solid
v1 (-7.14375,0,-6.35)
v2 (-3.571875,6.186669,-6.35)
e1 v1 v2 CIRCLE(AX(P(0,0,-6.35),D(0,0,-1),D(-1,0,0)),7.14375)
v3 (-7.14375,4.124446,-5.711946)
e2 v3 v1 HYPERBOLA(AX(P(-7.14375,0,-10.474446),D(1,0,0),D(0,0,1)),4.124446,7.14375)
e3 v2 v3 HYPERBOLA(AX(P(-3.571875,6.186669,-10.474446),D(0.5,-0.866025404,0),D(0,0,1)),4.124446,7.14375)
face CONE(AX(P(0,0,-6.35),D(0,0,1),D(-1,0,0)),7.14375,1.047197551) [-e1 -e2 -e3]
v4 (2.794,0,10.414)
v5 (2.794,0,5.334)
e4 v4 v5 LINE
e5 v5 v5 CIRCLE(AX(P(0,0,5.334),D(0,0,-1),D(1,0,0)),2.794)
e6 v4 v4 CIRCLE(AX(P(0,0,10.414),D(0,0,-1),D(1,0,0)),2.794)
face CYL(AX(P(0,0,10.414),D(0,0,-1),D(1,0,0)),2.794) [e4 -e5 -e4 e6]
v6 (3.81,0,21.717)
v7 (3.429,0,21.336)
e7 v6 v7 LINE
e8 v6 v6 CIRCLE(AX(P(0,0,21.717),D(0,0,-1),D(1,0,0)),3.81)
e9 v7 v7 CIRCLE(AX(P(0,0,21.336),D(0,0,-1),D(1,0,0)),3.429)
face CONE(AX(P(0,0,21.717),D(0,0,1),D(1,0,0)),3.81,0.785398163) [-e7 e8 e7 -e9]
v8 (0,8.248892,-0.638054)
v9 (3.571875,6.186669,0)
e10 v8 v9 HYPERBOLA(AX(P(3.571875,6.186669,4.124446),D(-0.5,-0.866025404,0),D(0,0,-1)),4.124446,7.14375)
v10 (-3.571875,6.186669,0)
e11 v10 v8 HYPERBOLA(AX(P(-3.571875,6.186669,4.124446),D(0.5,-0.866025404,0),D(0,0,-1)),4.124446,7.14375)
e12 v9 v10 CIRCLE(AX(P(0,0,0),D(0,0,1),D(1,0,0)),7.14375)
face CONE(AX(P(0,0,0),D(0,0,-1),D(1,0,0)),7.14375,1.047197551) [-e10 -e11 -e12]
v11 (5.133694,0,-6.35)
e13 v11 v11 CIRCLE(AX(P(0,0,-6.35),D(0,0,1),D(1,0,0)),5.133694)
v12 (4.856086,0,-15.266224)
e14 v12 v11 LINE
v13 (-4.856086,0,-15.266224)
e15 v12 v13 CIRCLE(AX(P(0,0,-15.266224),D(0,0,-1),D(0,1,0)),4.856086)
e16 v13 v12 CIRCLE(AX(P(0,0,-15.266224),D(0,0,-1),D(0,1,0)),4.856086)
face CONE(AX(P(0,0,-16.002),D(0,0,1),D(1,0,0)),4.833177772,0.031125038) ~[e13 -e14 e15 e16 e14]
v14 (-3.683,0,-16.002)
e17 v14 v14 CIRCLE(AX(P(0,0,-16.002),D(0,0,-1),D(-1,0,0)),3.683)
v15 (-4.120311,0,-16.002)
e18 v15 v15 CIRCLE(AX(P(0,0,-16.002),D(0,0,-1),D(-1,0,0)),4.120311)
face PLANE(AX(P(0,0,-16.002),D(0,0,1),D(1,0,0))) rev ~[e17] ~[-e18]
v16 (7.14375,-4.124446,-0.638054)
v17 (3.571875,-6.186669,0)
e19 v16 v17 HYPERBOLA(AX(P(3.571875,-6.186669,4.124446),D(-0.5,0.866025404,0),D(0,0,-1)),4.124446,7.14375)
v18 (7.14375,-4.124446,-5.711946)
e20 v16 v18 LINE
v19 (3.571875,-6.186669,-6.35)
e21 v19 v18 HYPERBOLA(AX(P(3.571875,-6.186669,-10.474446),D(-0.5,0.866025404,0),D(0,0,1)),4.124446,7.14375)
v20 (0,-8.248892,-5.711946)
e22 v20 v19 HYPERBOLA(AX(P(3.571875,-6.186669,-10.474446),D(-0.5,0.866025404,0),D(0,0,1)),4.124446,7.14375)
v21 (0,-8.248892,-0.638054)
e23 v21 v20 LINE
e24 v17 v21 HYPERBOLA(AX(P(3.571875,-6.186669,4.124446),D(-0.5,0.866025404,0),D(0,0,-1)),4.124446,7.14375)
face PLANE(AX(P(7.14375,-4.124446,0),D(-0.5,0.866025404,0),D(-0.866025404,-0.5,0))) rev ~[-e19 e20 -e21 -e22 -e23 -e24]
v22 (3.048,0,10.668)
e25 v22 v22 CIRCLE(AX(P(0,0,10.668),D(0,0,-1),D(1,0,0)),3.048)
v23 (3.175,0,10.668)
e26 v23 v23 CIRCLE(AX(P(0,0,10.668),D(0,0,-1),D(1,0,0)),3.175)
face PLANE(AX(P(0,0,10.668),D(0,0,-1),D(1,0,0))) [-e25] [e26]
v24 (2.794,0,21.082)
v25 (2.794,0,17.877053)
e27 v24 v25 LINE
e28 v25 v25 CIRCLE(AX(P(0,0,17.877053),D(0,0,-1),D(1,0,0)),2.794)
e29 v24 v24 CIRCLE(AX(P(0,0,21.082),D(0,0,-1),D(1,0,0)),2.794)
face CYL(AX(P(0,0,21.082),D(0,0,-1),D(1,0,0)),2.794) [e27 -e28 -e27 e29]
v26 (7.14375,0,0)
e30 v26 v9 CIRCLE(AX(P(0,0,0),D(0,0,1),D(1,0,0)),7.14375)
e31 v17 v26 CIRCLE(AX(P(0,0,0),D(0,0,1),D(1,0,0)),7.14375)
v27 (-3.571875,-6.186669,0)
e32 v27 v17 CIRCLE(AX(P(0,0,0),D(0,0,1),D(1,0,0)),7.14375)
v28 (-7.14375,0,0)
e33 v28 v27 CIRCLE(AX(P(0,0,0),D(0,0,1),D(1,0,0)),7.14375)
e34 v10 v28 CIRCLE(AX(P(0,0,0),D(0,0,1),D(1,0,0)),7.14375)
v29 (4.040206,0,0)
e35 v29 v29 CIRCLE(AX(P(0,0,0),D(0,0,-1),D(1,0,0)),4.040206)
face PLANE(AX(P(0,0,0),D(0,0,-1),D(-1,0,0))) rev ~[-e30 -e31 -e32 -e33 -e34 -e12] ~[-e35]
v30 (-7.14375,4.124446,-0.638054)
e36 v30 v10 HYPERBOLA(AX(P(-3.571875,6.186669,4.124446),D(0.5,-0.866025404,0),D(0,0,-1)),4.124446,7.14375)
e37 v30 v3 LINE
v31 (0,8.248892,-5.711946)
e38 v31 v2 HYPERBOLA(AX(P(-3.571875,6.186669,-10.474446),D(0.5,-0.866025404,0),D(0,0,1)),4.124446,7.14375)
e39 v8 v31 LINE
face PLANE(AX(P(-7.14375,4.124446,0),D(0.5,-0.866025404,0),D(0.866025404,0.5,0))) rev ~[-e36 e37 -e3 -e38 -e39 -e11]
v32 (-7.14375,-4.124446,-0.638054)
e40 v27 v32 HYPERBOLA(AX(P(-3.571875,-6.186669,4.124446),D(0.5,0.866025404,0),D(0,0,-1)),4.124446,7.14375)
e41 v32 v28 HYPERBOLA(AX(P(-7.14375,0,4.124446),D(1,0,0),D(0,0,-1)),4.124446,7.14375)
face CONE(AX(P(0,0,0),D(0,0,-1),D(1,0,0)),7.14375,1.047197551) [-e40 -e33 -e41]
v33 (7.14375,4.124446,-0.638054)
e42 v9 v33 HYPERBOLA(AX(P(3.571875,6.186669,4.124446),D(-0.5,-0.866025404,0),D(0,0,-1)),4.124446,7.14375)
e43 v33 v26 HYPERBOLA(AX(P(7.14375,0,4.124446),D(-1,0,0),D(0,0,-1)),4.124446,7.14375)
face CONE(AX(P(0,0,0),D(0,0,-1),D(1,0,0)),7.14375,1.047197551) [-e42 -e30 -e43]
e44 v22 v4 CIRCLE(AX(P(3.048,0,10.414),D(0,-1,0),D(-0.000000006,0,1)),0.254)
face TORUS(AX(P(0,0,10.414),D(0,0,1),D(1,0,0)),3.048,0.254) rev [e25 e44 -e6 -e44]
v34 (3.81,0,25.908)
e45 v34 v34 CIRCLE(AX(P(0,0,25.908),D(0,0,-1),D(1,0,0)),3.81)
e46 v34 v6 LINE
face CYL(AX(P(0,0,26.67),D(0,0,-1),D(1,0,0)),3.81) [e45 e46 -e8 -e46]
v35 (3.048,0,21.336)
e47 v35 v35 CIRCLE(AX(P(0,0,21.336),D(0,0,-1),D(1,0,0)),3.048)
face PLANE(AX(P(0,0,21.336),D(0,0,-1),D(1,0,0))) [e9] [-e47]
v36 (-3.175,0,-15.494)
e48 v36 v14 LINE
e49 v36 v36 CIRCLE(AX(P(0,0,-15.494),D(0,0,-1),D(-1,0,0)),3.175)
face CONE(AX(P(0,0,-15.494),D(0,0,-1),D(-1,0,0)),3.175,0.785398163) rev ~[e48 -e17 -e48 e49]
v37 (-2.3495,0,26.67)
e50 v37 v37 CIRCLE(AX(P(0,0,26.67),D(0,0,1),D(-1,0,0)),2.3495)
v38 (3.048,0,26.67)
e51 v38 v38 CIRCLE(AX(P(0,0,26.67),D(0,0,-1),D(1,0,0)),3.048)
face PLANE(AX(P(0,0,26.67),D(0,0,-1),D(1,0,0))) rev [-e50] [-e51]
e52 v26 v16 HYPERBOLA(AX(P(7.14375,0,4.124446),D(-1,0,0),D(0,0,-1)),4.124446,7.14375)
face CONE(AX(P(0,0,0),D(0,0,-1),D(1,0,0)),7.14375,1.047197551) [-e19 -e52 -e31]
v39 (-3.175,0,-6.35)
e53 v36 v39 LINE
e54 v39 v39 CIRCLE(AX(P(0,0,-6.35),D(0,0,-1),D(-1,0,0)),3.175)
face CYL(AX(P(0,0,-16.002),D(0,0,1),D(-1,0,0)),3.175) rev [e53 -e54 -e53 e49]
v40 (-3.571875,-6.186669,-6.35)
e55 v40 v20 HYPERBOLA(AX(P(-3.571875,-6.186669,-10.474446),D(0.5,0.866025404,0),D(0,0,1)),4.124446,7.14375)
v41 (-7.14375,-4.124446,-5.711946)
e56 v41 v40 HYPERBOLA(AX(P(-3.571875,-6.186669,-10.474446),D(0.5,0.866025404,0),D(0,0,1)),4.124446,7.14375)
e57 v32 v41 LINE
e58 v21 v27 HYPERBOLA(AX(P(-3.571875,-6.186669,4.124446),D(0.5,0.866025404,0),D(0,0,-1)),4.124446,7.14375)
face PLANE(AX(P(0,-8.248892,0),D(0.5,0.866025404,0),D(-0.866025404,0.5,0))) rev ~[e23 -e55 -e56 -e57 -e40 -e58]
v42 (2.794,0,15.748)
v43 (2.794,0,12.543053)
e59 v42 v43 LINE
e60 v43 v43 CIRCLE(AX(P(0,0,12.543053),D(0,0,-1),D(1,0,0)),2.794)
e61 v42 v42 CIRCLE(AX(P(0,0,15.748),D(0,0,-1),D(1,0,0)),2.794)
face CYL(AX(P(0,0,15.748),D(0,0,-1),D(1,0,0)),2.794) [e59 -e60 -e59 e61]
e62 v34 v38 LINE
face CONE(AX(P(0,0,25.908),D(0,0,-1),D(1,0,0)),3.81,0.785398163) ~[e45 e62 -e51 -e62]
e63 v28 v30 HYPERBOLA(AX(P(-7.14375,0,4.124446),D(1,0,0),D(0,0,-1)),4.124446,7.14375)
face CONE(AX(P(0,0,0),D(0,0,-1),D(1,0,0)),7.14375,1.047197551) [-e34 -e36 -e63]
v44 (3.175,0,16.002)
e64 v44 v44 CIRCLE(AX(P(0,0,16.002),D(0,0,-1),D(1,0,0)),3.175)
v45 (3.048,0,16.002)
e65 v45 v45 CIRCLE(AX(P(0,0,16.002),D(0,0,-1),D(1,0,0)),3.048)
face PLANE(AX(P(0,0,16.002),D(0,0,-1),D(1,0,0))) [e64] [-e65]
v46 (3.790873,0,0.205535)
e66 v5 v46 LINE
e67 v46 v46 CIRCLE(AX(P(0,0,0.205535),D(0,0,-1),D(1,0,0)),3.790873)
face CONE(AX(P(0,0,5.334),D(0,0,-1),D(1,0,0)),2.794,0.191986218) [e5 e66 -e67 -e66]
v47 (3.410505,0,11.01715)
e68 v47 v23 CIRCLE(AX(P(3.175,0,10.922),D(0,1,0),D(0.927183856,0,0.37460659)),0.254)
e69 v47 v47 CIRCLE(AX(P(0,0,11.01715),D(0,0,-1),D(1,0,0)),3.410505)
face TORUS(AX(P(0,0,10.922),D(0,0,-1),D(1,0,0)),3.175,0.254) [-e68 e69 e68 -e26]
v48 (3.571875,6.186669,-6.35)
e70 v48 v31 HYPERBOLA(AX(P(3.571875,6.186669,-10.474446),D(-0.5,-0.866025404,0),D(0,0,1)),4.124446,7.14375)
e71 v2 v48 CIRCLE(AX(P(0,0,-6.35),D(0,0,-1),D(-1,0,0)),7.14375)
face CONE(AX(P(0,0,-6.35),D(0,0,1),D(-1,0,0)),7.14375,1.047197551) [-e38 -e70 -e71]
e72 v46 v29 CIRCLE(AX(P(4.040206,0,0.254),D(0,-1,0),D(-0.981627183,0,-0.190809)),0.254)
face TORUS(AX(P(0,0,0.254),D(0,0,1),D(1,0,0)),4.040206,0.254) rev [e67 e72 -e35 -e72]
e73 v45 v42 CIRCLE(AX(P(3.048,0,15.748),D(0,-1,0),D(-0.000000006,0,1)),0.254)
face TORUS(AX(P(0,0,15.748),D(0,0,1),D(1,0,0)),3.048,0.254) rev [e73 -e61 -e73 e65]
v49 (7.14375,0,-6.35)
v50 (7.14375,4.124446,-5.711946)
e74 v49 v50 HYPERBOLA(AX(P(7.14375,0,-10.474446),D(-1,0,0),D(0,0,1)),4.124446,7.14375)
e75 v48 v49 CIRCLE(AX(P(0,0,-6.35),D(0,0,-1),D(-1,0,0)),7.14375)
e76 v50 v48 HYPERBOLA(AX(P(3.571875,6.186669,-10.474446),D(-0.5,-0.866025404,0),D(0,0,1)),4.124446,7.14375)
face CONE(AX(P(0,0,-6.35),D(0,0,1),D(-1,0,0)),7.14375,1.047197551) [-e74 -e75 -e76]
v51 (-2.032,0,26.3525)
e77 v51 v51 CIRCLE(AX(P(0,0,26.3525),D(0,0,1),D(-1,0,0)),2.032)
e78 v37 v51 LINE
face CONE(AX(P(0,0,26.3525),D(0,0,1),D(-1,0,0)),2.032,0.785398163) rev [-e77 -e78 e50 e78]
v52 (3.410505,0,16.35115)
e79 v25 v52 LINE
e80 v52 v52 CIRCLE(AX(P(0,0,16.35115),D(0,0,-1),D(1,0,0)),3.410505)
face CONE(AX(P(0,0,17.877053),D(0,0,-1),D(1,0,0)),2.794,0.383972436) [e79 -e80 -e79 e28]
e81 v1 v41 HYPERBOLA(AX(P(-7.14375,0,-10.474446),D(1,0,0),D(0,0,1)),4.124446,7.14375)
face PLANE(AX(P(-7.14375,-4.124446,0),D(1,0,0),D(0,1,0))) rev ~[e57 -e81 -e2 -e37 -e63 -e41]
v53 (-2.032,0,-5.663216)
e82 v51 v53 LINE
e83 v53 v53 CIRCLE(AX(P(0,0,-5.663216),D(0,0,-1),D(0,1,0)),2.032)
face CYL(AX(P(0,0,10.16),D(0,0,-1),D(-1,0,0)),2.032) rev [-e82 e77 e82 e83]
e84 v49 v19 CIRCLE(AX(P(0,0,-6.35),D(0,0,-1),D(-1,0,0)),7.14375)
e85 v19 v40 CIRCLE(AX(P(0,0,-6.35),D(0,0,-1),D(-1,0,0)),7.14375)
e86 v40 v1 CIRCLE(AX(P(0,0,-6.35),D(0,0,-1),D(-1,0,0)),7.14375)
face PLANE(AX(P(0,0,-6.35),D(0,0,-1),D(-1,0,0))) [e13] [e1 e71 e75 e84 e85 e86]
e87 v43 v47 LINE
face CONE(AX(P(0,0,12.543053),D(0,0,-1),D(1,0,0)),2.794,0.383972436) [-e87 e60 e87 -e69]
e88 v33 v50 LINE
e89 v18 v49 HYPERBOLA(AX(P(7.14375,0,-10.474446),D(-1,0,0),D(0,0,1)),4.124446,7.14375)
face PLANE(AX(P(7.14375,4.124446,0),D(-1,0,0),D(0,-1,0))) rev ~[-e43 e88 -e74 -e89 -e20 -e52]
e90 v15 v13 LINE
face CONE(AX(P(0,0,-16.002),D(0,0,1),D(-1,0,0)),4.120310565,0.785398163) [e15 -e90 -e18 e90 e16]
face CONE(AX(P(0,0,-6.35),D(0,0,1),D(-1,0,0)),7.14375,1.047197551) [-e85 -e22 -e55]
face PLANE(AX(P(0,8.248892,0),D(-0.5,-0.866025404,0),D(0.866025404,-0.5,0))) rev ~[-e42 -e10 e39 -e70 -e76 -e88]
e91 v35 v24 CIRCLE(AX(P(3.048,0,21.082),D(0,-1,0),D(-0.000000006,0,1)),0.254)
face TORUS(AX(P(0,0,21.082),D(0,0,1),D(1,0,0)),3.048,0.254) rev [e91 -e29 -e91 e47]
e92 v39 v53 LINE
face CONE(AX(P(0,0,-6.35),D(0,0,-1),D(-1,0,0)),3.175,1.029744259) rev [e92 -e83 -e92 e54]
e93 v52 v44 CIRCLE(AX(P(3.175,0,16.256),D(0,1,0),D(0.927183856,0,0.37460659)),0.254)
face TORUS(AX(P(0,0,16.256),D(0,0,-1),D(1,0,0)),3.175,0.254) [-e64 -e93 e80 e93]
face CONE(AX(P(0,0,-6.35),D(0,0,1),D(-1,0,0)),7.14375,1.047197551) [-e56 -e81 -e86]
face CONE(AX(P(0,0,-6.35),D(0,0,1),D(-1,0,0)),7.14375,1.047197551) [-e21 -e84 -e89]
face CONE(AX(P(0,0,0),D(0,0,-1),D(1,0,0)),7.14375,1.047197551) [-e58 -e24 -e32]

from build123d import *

# Parameters (mm, degrees)
CHAMFER1_SIZE       = 0.381
CHAMFER2_SIZE       = 0.762
SKETCH3_R           = 4.833177772
BOSS_EXTRUDE1_DEPTH = 9.652
BOSS_EXTRUDE1_DRAFT = -1.78333333
SKETCH6_OUTSIDE_W   = 40.586
SKETCH6_OUTSIDE_H   = 40.586
SKETCH6_OUTSIDE_R   = 4.120310565
CUT_EXTRUDE1_DEPTH  = 9.652
CUT_EXTRUDE1_DRAFT  = -45
BOSS_EXTRUDE2_DEPTH = 6.35
SKETCH8_OUTSIDE_W   = 47.87
SKETCH8_OUTSIDE_H   = 50.08
SKETCH8_OUTSIDE_R   = 7.14375
CUT_EXTRUDE2_DEPTH  = 6.35
CUT_EXTRUDE2_DRAFT  = -60
SKETCH9_OUTSIDE_W   = 47.87
SKETCH9_OUTSIDE_H   = 50.08
SKETCH9_OUTSIDE_R   = 7.14375
CUT_EXTRUDE3_DEPTH  = 6.35
CUT_EXTRUDE3_DRAFT  = -60
SKETCH10_W          = 33.02
SKETCH10_H          = 2.032
CHAMFER3_SIZE       = 0.3175
CHAMFER4_SIZE       = 0.508


with BuildPart() as part:
    # Sketch2 → Revolve1 (revolve)
    with BuildSketch(Plane(origin=(0, 0, 0), x_dir=(0, 0, -1), z_dir=(1, 0, 0)), mode=Mode.PRIVATE) as revolve1_sk:
        with BuildLine():
            Line((-21.082, 2.794), (-17.87705275, 2.794))
            Line((-17.87705275, 2.794), (-16.351150075, 3.410504699))
            ThreePointArc((-16.351150075, 3.410504699), (-16.113965003, 3.385575543), (-16.002, 3.175))
            Line((-16.002, 3.175), (-16.002, 3.048))
            ThreePointArc((-16.002, 3.048), (-15.927605122, 2.868394878), (-15.748, 2.794))
            Line((-15.748, 2.794), (-12.54305275, 2.794))
            Line((-12.54305275, 2.794), (-11.017150075, 3.410504699))
            ThreePointArc((-11.017150075, 3.410504699), (-10.779965003, 3.385575543), (-10.668, 3.175))
            Line((-10.668, 3.175), (-10.668, 3.048))
            ThreePointArc((-10.668, 3.048), (-10.593605122, 2.868394878), (-10.414, 2.794))
            Line((-10.414, 2.794), (-5.334, 2.794))
            Line((-5.334, 2.794), (-0.205534515, 3.790872706))
            ThreePointArc((-0.205534515, 3.790872706), (-0.058007356, 3.878642143), (0, 4.040206011))
            Line((0, 4.040206011), (0, 0))
            Line((0, 0), (-26.67, 0))
            Line((-26.67, 0), (-26.67, 3.81))
            Line((-26.67, 3.81), (-21.336, 3.81))
            Line((-21.336, 3.81), (-21.336, 3.048))
            ThreePointArc((-21.336, 3.048), (-21.261605122, 2.868394878), (-21.082, 2.794))
        make_face()
    revolve(revolve1_sk.sketch.rotate(Axis((0, 0, 26.67), (0, 0, -1)), 90), axis=Axis((0, 0, 26.67), (0, 0, -1)))

    # Chamfer1
    chamfer1_edges = [part.edges().sort_by_distance(p)[0] for p in [
        (-3.81, 0, 21.336),
    ]]
    chamfer(chamfer1_edges, length=CHAMFER1_SIZE)

    # Chamfer2
    chamfer2_edges = [part.edges().sort_by_distance(p)[0] for p in [
        (-3.81, 0, 26.67),
    ]]
    chamfer(chamfer2_edges, length=CHAMFER2_SIZE)



with BuildPart() as body_2:
    # Sketch3 → Boss-Extrude1 (with draft: the straight prism first)
    with BuildSketch(Plane.XY.offset(-16.002)):
        Circle(SKETCH3_R)
    extrude(amount=BOSS_EXTRUDE1_DEPTH)
    # Boss-Extrude1: the draft: its side faces are tilted about the plane it starts from
    boss_extrude1_sides = [body_2.faces().sort_by_distance(p)[0] for p in [
        (-4.833177772, 0, -11.176),
    ]]
    draft(boss_extrude1_sides, Plane.XY.offset(-16.002), BOSS_EXTRUDE1_DRAFT)


with BuildPart() as cut_extrude1_tool:
    # Sketch6 outside → Cut-Extrude1 (with draft: the straight prism first)
    with BuildSketch(Plane(origin=(0, 0, -16.002), x_dir=(-1, 0, 0), z_dir=(0, 0, -1))):
        Rectangle(SKETCH6_OUTSIDE_W, SKETCH6_OUTSIDE_H)
        Circle(SKETCH6_OUTSIDE_R, mode=Mode.SUBTRACT)
    extrude(amount=-CUT_EXTRUDE1_DEPTH)
    # Cut-Extrude1: the draft: its side faces are tilted about the plane it starts from
    cut_extrude1_sides = [cut_extrude1_tool.faces().sort_by_distance(p)[0] for p in [
        (0, -20.293, -11.176),
        (-20.293, 0, -11.176),
        (0, 20.293, -11.176),
        (20.293, 0, -11.176),
        (4.120310565, 0, -11.176),
    ]]
    draft(cut_extrude1_sides, Plane(origin=(0, 0, -16.002), x_dir=(-1, 0, 0), z_dir=(0, 0, -1)), CUT_EXTRUDE1_DRAFT)


with BuildPart() as body_2_1:
    add(body_2.part)

    # Cut-Extrude1: cut by cut_extrude1_tool
    add(cut_extrude1_tool.part, mode=Mode.SUBTRACT)


with BuildPart() as part_1:
    add(part.part)

    add(body_2_1.part)  # Boss-Extrude2 merges body 2
    # Sketch7 → Boss-Extrude2 (add)
    with BuildSketch(Plane(origin=(0, 0, 0), x_dir=(-1, 0, 0), z_dir=(0, 0, -1))):
        Polygon((0, 8.248891971), (-7.14375, 4.124445986), (-7.14375, -4.124445986), (0, -8.248891971), (7.14375, -4.124445986), (7.14375, 4.124445986), align=None)
    extrude(amount=BOSS_EXTRUDE2_DEPTH)


with BuildPart() as cut_extrude2_tool:
    # Sketch8 outside → Cut-Extrude2 (with draft: the straight prism first)
    with BuildSketch(Plane.XY):
        Rectangle(SKETCH8_OUTSIDE_W, SKETCH8_OUTSIDE_H)
        Circle(SKETCH8_OUTSIDE_R, mode=Mode.SUBTRACT)
    extrude(amount=-CUT_EXTRUDE2_DEPTH)
    # Cut-Extrude2: the draft: its side faces are tilted about the plane it starts from
    cut_extrude2_sides = [cut_extrude2_tool.faces().sort_by_distance(p)[0] for p in [
        (0, -25.04, -3.175),
        (23.935, 0, -3.175),
        (0, 25.04, -3.175),
        (-23.935, 0, -3.175),
        (-7.14375, 0, -3.175),
    ]]
    draft(cut_extrude2_sides, Plane.XY, CUT_EXTRUDE2_DRAFT)


with BuildPart() as part_2:
    add(part_1.part)

    # Cut-Extrude2: cut by cut_extrude2_tool
    add(cut_extrude2_tool.part, mode=Mode.SUBTRACT)


with BuildPart() as cut_extrude3_tool:
    # Sketch9 outside → Cut-Extrude3 (with draft: the straight prism first)
    with BuildSketch(Plane(origin=(0, 0, -6.35), x_dir=(-1, 0, 0), z_dir=(0, 0, -1))):
        Rectangle(SKETCH9_OUTSIDE_W, SKETCH9_OUTSIDE_H)
        Circle(SKETCH9_OUTSIDE_R, mode=Mode.SUBTRACT)
    extrude(amount=-CUT_EXTRUDE3_DEPTH)
    # Cut-Extrude3: the draft: its side faces are tilted about the plane it starts from
    cut_extrude3_sides = [cut_extrude3_tool.faces().sort_by_distance(p)[0] for p in [
        (0, -25.04, -3.175),
        (-23.935, 0, -3.175),
        (0, 25.04, -3.175),
        (23.935, 0, -3.175),
        (7.14375, 0, -3.175),
    ]]
    draft(cut_extrude3_sides, Plane(origin=(0, 0, -6.35), x_dir=(-1, 0, 0), z_dir=(0, 0, -1)), CUT_EXTRUDE3_DRAFT)


with BuildPart() as part_3:
    add(part_2.part)

    # Cut-Extrude3: cut by cut_extrude3_tool
    add(cut_extrude3_tool.part, mode=Mode.SUBTRACT)

    # Sketch10 → Cut-Revolve1 (revolve, cut)
    with BuildSketch(Plane(origin=(0, 0, 0), x_dir=(0, 0, -1), z_dir=(1, 0, 0)), mode=Mode.PRIVATE) as cut_revolve1_sk:
        with Locations((-10.16, 1.016)):
            Rectangle(SKETCH10_W, SKETCH10_H)
    revolve(cut_revolve1_sk.sketch.rotate(Axis((0, 0, 0), (0, 0, 1)), 90), axis=Axis((0, 0, 0), (0, 0, 1)), mode=Mode.SUBTRACT)

    # Chamfer3
    chamfer3_edges = [part_3.edges().sort_by_distance(p)[0] for p in [
        (2.032, 0, 26.67),
    ]]
    chamfer(chamfer3_edges, length=CHAMFER3_SIZE)

    # Sketch11 → Cut-Revolve2 (revolve, cut)
    with BuildSketch(Plane(origin=(0, 0, 0), x_dir=(0, 0, -1), z_dir=(1, 0, 0)), mode=Mode.PRIVATE) as cut_revolve2_sk:
        Polygon((16.002, 0), (16.002, 3.175), (6.35, 3.175), (4.442267535, 0), align=None)
    revolve(cut_revolve2_sk.sketch.rotate(Axis((0, 0, 0), (0, 0, -1)), 270), axis=Axis((0, 0, 0), (0, 0, -1)), mode=Mode.SUBTRACT)

    # Chamfer4
    chamfer4_edges = [part_3.edges().sort_by_distance(p)[0] for p in [
        (3.175, 0, -16.002),
    ]]
    chamfer(chamfer4_edges, length=CHAMFER4_SIZE)


solid = part_3.part
